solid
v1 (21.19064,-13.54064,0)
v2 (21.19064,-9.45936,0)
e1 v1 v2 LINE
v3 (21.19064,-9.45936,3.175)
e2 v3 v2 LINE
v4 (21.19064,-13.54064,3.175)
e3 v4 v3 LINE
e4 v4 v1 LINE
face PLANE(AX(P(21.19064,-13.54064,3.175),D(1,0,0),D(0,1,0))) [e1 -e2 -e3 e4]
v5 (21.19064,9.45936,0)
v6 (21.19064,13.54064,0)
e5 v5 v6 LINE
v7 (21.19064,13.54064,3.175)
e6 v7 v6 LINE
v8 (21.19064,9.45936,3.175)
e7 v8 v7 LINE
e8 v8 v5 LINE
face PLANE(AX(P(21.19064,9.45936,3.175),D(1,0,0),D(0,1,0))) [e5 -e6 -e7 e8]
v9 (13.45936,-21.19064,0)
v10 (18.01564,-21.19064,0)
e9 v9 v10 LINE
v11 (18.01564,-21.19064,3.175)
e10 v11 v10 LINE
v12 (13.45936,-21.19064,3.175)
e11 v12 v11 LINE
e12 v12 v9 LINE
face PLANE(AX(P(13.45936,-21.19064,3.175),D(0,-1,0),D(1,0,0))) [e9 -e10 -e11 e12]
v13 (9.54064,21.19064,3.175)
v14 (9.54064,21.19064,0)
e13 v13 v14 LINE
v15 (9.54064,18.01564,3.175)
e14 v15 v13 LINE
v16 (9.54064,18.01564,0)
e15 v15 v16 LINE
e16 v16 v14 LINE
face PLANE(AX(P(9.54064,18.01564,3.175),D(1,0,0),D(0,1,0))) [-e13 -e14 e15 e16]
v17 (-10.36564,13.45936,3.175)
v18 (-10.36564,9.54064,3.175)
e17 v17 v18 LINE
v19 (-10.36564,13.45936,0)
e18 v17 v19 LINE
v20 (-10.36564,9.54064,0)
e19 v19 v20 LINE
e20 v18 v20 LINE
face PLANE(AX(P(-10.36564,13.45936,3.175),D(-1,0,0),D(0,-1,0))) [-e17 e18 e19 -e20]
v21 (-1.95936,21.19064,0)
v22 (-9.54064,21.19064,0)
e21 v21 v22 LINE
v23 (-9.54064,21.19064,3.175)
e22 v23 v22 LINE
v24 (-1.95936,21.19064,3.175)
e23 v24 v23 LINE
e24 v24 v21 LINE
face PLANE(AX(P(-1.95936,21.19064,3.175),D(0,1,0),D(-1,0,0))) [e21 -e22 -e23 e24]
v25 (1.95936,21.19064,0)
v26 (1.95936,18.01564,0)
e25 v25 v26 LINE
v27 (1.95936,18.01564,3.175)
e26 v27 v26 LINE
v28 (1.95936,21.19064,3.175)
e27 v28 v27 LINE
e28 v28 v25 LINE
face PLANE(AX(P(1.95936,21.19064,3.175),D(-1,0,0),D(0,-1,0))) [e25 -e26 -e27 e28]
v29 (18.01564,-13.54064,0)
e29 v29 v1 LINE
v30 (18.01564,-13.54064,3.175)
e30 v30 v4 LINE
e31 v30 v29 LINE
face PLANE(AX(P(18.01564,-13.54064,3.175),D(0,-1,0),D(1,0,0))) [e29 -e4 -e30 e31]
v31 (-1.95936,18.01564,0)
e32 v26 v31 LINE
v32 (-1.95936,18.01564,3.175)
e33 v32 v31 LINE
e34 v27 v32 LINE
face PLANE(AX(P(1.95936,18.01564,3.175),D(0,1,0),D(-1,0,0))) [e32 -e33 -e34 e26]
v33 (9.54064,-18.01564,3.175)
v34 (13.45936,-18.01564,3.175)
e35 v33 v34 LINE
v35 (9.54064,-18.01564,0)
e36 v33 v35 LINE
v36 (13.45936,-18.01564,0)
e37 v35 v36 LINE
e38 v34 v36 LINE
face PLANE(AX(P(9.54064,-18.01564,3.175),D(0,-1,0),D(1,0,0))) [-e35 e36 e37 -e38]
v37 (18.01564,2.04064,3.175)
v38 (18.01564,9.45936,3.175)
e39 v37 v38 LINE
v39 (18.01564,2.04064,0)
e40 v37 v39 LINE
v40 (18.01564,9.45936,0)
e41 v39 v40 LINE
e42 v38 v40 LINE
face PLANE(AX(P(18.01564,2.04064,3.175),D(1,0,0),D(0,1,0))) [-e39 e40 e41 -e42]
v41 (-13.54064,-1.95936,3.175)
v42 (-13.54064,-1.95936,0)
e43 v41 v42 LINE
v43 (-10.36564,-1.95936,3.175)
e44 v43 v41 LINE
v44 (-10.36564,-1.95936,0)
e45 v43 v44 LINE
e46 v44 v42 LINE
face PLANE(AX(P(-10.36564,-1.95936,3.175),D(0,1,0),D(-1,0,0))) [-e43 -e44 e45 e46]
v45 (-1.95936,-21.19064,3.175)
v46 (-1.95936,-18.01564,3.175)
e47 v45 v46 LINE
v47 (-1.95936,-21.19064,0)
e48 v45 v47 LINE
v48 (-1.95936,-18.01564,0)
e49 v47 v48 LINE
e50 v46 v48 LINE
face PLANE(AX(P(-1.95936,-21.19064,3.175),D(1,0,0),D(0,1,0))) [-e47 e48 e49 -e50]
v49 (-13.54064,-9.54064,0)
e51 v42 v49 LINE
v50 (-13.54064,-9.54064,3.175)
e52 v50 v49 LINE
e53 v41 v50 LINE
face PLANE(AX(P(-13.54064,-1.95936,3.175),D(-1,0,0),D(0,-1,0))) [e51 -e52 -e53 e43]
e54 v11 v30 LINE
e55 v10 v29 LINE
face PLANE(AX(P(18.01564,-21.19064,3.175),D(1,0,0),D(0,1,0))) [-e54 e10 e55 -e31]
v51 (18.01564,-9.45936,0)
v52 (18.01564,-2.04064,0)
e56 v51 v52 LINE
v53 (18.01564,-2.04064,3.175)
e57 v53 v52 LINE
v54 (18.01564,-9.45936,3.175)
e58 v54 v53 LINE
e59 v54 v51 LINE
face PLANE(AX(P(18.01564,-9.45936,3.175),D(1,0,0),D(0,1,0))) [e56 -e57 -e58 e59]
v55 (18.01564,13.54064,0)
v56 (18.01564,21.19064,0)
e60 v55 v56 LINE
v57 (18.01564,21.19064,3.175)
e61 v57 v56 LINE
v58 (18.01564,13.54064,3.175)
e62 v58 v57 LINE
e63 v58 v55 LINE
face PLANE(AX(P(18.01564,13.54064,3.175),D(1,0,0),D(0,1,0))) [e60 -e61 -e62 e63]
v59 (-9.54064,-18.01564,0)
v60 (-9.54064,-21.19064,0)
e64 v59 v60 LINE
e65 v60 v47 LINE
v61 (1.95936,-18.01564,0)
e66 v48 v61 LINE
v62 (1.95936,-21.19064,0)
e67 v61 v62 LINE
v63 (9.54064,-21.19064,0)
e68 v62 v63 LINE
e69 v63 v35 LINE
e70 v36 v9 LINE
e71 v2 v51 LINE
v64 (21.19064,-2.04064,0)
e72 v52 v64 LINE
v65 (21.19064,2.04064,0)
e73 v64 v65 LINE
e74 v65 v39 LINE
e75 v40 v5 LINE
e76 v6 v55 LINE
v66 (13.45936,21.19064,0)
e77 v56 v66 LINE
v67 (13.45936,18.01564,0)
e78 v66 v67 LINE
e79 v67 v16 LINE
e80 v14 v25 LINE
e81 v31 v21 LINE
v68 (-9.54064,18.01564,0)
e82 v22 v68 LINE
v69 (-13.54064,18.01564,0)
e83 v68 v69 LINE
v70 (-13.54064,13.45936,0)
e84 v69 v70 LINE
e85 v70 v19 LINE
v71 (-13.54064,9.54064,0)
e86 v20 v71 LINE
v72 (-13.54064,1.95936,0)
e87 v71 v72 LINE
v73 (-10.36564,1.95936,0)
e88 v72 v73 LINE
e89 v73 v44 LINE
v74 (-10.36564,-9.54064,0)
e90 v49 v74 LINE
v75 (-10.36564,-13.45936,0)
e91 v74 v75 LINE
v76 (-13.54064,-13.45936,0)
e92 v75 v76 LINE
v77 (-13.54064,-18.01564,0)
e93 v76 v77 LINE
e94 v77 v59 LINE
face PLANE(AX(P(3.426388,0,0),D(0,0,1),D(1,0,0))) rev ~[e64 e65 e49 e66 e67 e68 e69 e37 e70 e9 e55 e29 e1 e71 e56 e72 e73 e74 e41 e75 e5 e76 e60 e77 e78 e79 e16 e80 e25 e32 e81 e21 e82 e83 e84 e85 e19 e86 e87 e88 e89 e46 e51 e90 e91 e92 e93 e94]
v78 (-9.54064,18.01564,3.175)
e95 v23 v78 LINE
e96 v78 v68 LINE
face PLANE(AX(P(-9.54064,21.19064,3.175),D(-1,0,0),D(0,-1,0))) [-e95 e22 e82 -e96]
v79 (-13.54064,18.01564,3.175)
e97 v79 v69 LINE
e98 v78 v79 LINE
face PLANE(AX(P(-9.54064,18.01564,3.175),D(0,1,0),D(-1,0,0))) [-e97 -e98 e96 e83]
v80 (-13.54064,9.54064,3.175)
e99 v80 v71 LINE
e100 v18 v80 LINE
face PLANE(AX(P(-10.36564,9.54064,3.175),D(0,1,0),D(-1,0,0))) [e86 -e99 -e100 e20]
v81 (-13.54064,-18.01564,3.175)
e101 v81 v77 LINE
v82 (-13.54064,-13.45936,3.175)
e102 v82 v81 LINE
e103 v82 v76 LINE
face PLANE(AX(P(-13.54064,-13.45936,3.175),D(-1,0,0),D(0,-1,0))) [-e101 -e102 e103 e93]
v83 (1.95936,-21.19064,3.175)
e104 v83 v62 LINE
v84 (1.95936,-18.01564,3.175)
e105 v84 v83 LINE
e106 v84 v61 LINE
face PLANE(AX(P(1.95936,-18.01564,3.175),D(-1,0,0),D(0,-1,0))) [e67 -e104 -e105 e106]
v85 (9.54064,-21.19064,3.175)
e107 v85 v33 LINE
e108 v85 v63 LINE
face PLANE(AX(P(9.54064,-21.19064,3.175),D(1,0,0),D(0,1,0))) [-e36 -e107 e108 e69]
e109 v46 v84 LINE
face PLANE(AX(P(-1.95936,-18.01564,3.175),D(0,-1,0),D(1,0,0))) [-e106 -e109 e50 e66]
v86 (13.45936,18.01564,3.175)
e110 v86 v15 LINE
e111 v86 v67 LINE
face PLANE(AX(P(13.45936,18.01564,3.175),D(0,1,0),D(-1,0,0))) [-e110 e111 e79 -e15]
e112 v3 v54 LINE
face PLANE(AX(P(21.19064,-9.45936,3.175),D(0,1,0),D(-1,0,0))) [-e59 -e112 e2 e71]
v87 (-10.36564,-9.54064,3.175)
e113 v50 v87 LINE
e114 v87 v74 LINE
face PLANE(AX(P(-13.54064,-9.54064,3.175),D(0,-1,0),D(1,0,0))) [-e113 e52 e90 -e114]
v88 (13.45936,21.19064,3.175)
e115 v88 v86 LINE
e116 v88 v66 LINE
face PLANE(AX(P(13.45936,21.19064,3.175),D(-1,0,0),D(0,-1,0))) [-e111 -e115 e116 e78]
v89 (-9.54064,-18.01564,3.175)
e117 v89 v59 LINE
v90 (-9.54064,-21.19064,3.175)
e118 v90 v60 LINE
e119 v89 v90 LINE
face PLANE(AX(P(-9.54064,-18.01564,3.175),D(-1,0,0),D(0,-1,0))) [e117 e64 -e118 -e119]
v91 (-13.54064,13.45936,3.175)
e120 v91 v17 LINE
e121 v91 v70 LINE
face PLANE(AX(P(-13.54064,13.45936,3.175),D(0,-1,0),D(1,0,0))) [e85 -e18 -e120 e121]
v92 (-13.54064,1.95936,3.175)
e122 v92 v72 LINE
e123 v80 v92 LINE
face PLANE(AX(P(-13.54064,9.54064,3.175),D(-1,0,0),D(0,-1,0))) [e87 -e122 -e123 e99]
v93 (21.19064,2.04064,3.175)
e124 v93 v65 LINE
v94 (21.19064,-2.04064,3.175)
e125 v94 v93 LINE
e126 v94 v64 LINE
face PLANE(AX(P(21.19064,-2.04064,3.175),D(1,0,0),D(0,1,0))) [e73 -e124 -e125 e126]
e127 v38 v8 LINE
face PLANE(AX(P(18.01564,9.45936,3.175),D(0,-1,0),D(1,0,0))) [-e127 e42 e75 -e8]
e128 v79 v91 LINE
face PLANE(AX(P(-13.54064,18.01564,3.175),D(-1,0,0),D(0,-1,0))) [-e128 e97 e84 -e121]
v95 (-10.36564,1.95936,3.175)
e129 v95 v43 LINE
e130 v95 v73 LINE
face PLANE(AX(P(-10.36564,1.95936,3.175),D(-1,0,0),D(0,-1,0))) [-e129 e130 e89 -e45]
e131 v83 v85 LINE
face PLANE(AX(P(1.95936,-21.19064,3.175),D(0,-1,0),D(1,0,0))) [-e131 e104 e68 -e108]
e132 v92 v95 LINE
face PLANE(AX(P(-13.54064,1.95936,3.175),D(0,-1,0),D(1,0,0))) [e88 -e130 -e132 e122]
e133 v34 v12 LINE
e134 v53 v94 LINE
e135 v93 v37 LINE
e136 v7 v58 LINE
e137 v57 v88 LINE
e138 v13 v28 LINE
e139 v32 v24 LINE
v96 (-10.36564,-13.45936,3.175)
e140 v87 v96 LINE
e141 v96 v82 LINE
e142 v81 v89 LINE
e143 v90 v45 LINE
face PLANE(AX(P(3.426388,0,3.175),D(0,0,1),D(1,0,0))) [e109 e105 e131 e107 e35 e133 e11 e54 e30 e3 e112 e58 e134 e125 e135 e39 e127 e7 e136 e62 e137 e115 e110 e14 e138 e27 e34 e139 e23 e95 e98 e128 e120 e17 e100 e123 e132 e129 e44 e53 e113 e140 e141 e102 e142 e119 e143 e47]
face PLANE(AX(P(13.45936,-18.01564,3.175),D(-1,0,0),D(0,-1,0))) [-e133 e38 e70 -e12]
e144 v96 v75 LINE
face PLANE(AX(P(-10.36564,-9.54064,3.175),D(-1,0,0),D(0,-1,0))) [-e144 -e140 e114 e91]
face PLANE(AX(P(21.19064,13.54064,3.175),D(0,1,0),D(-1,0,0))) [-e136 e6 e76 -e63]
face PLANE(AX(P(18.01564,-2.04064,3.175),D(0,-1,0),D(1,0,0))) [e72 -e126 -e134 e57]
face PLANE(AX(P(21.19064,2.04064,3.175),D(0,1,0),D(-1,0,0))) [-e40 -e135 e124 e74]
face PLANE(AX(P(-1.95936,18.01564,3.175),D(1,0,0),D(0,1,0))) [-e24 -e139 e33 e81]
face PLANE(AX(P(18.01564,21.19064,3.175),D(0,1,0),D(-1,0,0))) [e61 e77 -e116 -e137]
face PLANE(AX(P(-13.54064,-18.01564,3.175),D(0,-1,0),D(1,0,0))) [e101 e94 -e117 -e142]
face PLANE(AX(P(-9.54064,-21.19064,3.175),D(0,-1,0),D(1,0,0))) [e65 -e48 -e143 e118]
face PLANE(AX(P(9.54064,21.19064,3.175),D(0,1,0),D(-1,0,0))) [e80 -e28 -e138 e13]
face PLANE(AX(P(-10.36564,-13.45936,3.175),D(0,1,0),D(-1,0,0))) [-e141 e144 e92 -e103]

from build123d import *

# Parameters (mm, degrees)
BOSS_EXTRUDE1_DEPTH = 3.175
SKETCH4_W           = 3.175
SKETCH4_H           = 4
CUT_EXTRUDE1_DEPTH  = 10
BOSS_EXTRUDE2_DEPTH = 3.175


with BuildPart() as part:
    # Sketch2 → Boss-Extrude1 (new body)
    with BuildSketch(Plane.XY):
        Polygon((-2, 17.975), (-2, 21.15), (-9.5, 21.15), (-9.5, 17.975), (-13.5, 17.975), (-13.5, 21.15), (-21.15, 21.15), (-21.15, 13.5), (-17.975, 13.5), (-17.975, 9.5), (-21.15, 9.5), (-21.15, 2), (-17.975, 2), (-17.975, -2), (-21.15, -2), (-21.15, -9.5), (-17.975, -9.5), (-17.975, -13.5), (-21.15, -13.5), (-21.15, -21.15), (-13.5, -21.15), (-13.5, -17.975), (-9.5, -17.975), (-9.5, -21.15), (-2, -21.15), (-2, -17.975), (2, -17.975), (2, -21.15), (9.5, -21.15), (9.5, -17.975), (13.5, -17.975), (13.5, -21.15), (17.975, -21.15), (17.975, -13.5), (21.15, -13.5), (21.15, -9.5), (17.975, -9.5), (17.975, -2), (21.15, -2), (21.15, 2), (17.975, 2), (17.975, 9.5), (21.15, 9.5), (21.15, 13.5), (17.975, 13.5), (17.975, 21.15), (13.5, 21.15), (13.5, 17.975), (9.5, 17.975), (9.5, 21.15), (2, 21.15), (2, 17.975), align=None)
    extrude(amount=BOSS_EXTRUDE1_DEPTH)

    # Sketch4 → Cut-Extrude1 (cut)
    with BuildSketch(Plane.XY.offset(3.175)):
        Polygon((-13.5, 13.5), (-13.5, 17.975), (-13.5, 21.15), (-21.15, 21.15), (-21.15, -21.15), (-13.5, -21.15), (-13.5, -17.975), (-13.5, -13.5), (-13.5, -9.5), (-13.5, -2), (-13.5, 2), (-13.5, 9.5), align=None)
        with Locations((-11.9125, 11.5)):
            Rectangle(SKETCH4_W, SKETCH4_H)
        with Locations((-11.9125, 0)):
            Rectangle(SKETCH4_W, SKETCH4_H)
        with Locations((-11.9125, -11.5)):
            Rectangle(SKETCH4_W, SKETCH4_H)
    extrude(amount=-CUT_EXTRUDE1_DEPTH, mode=Mode.SUBTRACT)

    # Sketch3 → Boss-Extrude2 (add)
    with BuildSketch(Plane.XY.offset(3.175)):
        Polygon((-13.54064, 18.01564), (-13.54064, 13.45936), (-10.36564, 13.45936), (-10.36564, 9.54064), (-13.54064, 9.54064), (-13.54064, 1.95936), (-10.36564, 1.95936), (-10.36564, -1.95936), (-13.54064, -1.95936), (-13.54064, -9.54064), (-10.36564, -9.54064), (-10.36564, -13.45936), (-13.54064, -13.45936), (-13.54064, -18.01564), (-9.54064, -18.01564), (-9.54064, -21.19064), (-1.95936, -21.19064), (-1.95936, -18.01564), (1.95936, -18.01564), (1.95936, -21.19064), (9.54064, -21.19064), (9.54064, -18.01564), (13.45936, -18.01564), (13.45936, -21.19064), (18.01564, -21.19064), (18.01564, -13.54064), (21.19064, -13.54064), (21.19064, -9.45936), (18.01564, -9.45936), (18.01564, -2.04064), (21.19064, -2.04064), (21.19064, 2.04064), (18.01564, 2.04064), (18.01564, 9.45936), (21.19064, 9.45936), (21.19064, 13.54064), (18.01564, 13.54064), (18.01564, 21.19064), (13.45936, 21.19064), (13.45936, 18.01564), (9.54064, 18.01564), (9.54064, 21.19064), (1.95936, 21.19064), (1.95936, 18.01564), (-1.95936, 18.01564), (-1.95936, 21.19064), (-9.54064, 21.19064), (-9.54064, 18.01564), align=None)
    extrude(amount=-BOSS_EXTRUDE2_DEPTH)


solid = part.part
